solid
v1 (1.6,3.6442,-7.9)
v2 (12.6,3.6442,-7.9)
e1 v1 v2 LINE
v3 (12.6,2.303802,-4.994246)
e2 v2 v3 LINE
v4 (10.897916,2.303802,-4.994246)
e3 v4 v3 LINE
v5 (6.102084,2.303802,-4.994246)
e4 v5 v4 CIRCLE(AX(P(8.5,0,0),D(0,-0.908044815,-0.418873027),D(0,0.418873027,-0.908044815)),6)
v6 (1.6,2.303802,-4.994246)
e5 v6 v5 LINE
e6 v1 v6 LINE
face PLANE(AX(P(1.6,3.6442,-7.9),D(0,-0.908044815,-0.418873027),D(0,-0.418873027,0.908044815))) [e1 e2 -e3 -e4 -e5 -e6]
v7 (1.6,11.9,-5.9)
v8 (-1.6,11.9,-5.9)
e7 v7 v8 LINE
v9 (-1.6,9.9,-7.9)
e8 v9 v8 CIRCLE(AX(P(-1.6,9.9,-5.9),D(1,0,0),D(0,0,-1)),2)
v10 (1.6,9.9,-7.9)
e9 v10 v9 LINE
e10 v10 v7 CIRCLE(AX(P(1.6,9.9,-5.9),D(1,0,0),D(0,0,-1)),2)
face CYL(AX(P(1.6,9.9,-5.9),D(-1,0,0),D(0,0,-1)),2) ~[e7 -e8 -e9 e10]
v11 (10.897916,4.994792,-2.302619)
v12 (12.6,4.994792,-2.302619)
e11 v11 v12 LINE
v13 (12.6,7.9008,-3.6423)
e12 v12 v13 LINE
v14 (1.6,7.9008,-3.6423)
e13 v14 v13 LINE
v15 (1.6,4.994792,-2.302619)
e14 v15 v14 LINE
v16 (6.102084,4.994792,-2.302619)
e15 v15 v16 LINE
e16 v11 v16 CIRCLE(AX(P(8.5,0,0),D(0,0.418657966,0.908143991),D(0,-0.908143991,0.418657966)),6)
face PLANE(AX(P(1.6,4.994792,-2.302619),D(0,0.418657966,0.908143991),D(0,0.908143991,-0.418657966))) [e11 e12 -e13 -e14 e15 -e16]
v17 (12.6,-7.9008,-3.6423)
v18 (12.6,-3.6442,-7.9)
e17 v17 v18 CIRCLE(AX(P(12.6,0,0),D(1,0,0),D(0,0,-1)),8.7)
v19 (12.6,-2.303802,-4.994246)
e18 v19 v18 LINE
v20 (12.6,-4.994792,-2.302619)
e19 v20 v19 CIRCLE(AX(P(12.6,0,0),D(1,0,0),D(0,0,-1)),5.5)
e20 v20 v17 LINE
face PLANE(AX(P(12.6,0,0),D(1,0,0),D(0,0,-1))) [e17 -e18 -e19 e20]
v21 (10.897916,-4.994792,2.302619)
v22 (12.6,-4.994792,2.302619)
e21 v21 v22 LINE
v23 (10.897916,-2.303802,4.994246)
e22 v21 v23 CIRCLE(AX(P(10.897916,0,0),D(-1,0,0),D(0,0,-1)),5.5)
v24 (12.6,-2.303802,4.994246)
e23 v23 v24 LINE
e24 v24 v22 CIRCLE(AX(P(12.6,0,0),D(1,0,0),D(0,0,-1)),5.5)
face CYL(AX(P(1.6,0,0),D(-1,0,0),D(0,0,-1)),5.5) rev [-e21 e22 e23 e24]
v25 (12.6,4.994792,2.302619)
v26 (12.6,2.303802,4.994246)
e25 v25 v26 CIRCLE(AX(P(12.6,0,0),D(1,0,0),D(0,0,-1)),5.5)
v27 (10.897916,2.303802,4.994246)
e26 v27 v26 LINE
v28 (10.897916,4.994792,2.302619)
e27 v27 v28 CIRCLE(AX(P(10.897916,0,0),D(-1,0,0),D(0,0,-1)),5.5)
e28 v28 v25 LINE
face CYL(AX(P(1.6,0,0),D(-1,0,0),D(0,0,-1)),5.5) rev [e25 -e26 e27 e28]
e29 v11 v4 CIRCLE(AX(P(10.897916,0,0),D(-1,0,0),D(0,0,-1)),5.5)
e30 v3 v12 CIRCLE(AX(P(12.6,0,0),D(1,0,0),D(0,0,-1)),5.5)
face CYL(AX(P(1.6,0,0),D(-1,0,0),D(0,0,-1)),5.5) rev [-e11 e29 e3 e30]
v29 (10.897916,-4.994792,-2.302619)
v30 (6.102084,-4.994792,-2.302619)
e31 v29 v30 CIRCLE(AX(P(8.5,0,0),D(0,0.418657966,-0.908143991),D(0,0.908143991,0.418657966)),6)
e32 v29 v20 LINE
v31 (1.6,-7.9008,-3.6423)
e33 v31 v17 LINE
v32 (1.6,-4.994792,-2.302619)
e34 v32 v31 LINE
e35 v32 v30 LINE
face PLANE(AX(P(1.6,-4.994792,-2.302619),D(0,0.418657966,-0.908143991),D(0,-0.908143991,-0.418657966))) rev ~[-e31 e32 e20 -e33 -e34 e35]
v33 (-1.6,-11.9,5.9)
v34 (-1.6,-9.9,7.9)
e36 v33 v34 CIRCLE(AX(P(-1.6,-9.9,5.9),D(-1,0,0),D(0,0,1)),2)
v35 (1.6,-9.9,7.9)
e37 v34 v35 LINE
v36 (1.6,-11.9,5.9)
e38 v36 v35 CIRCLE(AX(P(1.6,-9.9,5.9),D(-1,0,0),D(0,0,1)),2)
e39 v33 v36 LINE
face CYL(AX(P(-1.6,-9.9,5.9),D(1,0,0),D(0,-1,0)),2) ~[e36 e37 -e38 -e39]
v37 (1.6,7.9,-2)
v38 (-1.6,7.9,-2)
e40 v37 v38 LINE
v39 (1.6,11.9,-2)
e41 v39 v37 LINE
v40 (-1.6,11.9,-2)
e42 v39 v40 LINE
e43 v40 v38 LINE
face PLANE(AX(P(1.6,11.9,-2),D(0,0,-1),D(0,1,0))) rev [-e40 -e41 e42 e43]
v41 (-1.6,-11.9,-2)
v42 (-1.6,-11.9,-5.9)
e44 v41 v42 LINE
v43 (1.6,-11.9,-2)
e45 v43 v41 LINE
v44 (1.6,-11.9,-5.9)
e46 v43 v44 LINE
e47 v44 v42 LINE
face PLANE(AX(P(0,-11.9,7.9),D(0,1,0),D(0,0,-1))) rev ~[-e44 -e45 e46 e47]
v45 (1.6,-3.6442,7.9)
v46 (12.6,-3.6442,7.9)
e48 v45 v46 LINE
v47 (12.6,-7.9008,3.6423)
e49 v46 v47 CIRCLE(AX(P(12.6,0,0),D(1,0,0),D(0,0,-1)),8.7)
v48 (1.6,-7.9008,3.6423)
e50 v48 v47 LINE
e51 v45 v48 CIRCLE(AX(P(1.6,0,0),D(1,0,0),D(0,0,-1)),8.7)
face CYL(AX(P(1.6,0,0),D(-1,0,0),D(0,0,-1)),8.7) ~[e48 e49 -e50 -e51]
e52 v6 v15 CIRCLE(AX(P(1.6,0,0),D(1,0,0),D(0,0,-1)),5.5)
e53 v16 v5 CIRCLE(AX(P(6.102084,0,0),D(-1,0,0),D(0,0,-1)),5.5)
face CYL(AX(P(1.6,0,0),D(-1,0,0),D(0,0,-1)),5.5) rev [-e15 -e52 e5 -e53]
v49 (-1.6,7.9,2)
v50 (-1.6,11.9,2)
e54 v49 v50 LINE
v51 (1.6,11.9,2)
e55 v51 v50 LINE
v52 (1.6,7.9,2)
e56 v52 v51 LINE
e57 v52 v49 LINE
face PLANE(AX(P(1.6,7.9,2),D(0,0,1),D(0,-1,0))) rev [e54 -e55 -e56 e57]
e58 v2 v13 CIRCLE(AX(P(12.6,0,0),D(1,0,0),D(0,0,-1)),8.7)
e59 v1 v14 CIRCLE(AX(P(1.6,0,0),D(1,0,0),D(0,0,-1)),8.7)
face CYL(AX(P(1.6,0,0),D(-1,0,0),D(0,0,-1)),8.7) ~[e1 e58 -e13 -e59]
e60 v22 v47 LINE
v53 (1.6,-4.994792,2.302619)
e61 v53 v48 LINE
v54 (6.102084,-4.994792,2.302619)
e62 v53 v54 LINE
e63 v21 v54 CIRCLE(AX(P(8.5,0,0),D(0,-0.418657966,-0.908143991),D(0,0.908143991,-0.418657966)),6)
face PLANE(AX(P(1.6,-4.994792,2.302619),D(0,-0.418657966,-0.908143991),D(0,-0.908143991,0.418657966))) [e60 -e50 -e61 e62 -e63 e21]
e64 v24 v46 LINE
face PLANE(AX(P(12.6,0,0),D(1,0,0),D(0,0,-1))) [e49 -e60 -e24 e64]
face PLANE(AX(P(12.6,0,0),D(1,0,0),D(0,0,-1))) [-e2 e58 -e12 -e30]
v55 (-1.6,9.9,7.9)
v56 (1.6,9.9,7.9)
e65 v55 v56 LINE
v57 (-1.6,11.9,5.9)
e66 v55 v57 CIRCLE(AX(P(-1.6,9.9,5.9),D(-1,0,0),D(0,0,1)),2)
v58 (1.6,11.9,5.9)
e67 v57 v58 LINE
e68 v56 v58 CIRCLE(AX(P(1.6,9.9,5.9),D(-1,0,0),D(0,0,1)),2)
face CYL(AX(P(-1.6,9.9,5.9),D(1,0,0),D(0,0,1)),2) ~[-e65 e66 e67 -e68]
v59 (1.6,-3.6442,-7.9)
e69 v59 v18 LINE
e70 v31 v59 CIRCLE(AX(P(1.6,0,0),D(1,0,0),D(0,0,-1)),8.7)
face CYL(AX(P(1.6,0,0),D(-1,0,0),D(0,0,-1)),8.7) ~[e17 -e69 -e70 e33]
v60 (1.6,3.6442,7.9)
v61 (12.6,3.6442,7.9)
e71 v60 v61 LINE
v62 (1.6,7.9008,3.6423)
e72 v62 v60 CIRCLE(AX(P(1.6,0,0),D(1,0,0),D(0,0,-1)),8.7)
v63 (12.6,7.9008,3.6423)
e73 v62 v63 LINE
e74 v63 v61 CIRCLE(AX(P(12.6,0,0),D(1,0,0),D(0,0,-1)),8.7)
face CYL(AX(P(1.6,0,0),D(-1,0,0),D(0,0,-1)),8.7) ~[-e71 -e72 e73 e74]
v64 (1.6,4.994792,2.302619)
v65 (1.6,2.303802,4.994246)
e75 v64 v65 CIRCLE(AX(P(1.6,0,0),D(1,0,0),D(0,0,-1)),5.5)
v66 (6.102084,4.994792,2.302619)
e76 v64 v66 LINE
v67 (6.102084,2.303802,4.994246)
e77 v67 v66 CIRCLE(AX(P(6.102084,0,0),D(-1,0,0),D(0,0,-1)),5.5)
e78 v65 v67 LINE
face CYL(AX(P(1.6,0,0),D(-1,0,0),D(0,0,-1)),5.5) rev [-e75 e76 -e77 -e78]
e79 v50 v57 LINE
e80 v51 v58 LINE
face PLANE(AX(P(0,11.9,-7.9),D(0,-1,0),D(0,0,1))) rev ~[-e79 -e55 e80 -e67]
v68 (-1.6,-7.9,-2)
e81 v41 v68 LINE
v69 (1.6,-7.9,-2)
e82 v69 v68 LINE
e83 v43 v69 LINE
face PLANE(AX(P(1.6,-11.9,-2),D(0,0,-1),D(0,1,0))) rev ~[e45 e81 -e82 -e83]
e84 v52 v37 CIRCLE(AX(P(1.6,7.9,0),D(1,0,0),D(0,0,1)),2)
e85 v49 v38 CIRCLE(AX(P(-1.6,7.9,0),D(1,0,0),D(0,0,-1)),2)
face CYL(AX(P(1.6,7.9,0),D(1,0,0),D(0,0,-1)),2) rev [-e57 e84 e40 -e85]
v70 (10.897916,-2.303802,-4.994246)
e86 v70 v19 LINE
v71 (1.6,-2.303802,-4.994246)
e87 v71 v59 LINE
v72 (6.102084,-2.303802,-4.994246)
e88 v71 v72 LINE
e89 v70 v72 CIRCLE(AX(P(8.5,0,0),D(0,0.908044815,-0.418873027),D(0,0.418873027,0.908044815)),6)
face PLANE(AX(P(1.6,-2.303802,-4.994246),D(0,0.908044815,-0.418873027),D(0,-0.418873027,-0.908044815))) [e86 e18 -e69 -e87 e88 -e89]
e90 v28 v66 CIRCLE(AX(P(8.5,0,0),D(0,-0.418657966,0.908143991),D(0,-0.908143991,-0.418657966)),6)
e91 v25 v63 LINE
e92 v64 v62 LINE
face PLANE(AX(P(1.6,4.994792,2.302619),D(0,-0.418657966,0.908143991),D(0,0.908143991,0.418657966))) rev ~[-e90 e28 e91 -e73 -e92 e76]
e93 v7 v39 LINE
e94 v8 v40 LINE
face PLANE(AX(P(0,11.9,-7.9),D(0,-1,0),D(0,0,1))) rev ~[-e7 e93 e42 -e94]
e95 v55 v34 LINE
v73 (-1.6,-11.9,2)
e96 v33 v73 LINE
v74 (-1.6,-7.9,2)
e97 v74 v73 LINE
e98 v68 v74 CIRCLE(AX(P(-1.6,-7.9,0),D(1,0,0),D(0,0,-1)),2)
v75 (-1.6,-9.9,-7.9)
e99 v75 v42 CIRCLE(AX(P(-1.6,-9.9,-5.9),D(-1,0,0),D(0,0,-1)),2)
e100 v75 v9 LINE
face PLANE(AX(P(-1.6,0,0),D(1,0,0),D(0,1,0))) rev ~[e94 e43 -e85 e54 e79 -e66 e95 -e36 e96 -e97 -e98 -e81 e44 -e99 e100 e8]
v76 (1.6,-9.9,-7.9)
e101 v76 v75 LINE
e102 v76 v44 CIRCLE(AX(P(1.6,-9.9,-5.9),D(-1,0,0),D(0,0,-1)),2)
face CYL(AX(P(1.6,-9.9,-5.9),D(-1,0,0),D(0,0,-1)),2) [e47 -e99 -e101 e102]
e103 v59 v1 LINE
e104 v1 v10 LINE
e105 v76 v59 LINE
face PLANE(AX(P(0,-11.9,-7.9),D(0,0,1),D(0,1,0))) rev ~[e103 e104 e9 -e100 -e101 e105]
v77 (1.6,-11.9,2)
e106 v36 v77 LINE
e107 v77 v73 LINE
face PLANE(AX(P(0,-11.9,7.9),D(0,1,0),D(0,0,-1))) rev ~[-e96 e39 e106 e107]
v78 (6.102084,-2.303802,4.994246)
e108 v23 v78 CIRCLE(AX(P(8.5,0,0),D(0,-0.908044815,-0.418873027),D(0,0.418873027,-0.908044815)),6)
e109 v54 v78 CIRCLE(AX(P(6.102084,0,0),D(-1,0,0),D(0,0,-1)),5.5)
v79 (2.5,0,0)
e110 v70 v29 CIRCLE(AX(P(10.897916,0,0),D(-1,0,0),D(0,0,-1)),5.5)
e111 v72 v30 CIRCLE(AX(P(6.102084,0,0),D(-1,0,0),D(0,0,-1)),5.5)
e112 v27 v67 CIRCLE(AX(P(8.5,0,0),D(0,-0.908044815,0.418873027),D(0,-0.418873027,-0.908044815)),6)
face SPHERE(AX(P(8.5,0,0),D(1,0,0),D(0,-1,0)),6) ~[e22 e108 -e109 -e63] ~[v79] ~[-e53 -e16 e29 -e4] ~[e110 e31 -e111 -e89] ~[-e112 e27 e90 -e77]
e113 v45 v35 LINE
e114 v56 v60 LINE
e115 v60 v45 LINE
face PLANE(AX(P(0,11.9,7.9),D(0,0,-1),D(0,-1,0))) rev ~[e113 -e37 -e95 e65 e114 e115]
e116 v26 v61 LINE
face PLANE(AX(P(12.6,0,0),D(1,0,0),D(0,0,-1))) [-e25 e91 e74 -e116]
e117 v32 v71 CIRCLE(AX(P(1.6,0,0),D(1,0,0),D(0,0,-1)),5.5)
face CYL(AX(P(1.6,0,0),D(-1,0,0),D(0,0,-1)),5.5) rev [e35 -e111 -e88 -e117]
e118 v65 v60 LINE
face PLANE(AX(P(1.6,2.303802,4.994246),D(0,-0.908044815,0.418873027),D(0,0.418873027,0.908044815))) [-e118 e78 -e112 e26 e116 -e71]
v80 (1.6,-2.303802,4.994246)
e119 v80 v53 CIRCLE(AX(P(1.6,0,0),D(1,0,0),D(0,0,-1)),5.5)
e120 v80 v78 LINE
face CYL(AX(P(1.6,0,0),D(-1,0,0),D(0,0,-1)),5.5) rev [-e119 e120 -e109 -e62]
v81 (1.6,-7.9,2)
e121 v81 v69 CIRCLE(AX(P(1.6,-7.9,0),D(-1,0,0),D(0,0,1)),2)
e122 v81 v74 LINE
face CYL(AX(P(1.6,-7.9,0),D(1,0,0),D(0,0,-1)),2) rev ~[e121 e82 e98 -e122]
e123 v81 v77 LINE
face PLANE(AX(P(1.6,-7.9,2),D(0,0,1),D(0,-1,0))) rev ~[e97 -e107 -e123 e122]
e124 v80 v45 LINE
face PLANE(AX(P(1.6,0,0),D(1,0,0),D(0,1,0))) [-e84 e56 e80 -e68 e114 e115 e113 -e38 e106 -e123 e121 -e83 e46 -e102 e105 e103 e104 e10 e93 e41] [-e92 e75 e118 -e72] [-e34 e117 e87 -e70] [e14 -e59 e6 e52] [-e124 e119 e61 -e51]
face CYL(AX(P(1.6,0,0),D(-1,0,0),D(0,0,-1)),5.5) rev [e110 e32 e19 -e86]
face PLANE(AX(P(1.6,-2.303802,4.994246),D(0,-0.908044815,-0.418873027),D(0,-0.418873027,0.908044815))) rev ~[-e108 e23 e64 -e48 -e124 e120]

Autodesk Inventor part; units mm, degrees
ref_plane "YZ Plane" through (0, 0, 0) normal (1, 0, 0) x (0, 1, 0)
ref_plane "XZ Plane" through (0, 0, 0) normal (0, 1, 0) x (-1, 0, 0)
sketch "Esquisse1" plane through (0, 0, 0) normal (1, 0, 0) x (0, 1, 0)
  line L0 (11.9, 7.9) -> (-11.9, 7.9)
  line L1 (-11.9, 7.9) -> (-11.9, -7.9)
  line L2 (-11.9, -7.9) -> (11.9, -7.9)
  line L3 (11.9, -7.9) -> (11.9, 7.9)
  point P0 (0, 0)
  point P1 (11.9, 0)
  point P2 (0, -7.9)
  dimension "d0" = 23.8
  dimension "d3" = 15.8
extrude "Extrusion1" add sketch "Esquisse1" along normal mid plane 3.2
sketch "Esquisse2" plane through (1.6, 0, 0) normal (1, 0, 0) x (0, 0, -1)
  circle A0 centre (0, 0) radius 8.7
  line L0 (7.9, -11.9) -> (7.9, 11.9) projected
  line L1 (7.9, 3.6442) -> (0, 0)
  line L2 (0, 0) -> (7.9, -3.6442)
  line L3 (0, 0) -> (-7.9, -3.6442)
  line L4 (-7.9, 11.9) -> (-7.9, -11.9) projected
  line L5 (0, 0) -> (-7.9, 3.6442)
  line L6 (0, 0) -> (3.6423, -7.9008)
  line L7 (0, 0) -> (-3.6423, -7.9008)
  line L8 (0, 0) -> (3.6423, 7.9008)
  line L9 (0, 0) -> (-3.6423, 7.9008)
  line L10 (3.6423, 7.9008) -> (-3.6423, 7.9008) construction
  line L11 (3.6423, -7.9008) -> (-3.6423, -7.9008) construction
  line L12 (0, -7.9008) -> (0, 7.9008) construction
  circle A1 centre (0, 0) radius 5.5
  point P0 (2.3026, 4.9948)
  point P1 (4.9943, 2.3038)
  point P2 (-4.9943, 2.3038)
  point P3 (-2.3026, 4.9948)
  point P4 (-2.3026, -4.9948)
  point P5 (-4.9943, -2.3038)
  point P6 (4.9943, -2.3038)
  point P7 (2.3026, -4.9948)
  dimension "d4" = 17.4
  dimension "d7" = 49.5
  dimension "d8" = 49.5
  dimension "d9" = 11
extrude "Extrusion3" add sketch "Esquisse2" along normal blind 11 contours L1 A1 L8 A0 | A0 L6 A1 L2 | L9 A1 L5 A0 | A0 L3 A1 L7
sketch "Esquisse3" plane through (1.6, 0, 0) normal (1, 0, 0) x (0, 0, -1)
  line L0 (0, -7.9) -> (0, -17.3183) construction
  line L1 (-2, -7.9) -> (-2, -17.3183)
  line L2 (2, -17.3183) -> (2, -7.9)
  arc A0 (2, -7.9) -> (-2, -7.9) centre (0, -7.9) ccw
  arc A1 (-2, -17.3183) -> (2, -17.3183) centre (0, -17.3183) ccw
  line L3 (-7.9, -11.9) -> (7.9, -11.9) projected
  line L4 (0, -25.5619) -> (0, 18.1437) projected
  point P0 (0, 0)
  point P1 (0, -12.6091)
  point P2 (2, -11.9)
  point P3 (-2, -11.9)
  dimension "d12" = 4
  dimension "d13" = 4
extrude "Extrusion4" cut sketch "Esquisse3" against normal blind 11 contours A0 L4 L3 L1 | A0 L2 L3 L4
mirror "Symétrie1" about plane through (0, 0, 0) normal (0, 1, 0) of "Extrusion4"
sketch "Esquisse4" plane through (0, 0, 0) normal (0, 0, 1) x (1, 0, 0)
  circle A0 centre (8.5, 0) radius 6
  line L0 (14.5, 0) -> (-1.6, 0)
  line L1 (-1.6, -11.9) -> (-1.6, 11.9) projected
  point P0 (0, 0)
  point P1 (2.5, 0)
  dimension "d16" = 12
  dimension "d17" = 16.1
revolve "Révolution1" add sketch "Esquisse4" angle 360 about axis through (14.5, 0, 0) along (-1, 0, 0) picked at (6.7291, -0.9294) contours A0 L0
fillet "Congé1" radius 2 4 edges at (0, 11.9, 7.9) (0, 11.9, -7.9) (0, -11.9, -7.9) (0, -11.9, 7.9)
ref_plane "Plan de construction1" through (14.5, 0, 0) normal (1, 0, 0) x (0, 1, 0)
properties part number "Roue_libre"
